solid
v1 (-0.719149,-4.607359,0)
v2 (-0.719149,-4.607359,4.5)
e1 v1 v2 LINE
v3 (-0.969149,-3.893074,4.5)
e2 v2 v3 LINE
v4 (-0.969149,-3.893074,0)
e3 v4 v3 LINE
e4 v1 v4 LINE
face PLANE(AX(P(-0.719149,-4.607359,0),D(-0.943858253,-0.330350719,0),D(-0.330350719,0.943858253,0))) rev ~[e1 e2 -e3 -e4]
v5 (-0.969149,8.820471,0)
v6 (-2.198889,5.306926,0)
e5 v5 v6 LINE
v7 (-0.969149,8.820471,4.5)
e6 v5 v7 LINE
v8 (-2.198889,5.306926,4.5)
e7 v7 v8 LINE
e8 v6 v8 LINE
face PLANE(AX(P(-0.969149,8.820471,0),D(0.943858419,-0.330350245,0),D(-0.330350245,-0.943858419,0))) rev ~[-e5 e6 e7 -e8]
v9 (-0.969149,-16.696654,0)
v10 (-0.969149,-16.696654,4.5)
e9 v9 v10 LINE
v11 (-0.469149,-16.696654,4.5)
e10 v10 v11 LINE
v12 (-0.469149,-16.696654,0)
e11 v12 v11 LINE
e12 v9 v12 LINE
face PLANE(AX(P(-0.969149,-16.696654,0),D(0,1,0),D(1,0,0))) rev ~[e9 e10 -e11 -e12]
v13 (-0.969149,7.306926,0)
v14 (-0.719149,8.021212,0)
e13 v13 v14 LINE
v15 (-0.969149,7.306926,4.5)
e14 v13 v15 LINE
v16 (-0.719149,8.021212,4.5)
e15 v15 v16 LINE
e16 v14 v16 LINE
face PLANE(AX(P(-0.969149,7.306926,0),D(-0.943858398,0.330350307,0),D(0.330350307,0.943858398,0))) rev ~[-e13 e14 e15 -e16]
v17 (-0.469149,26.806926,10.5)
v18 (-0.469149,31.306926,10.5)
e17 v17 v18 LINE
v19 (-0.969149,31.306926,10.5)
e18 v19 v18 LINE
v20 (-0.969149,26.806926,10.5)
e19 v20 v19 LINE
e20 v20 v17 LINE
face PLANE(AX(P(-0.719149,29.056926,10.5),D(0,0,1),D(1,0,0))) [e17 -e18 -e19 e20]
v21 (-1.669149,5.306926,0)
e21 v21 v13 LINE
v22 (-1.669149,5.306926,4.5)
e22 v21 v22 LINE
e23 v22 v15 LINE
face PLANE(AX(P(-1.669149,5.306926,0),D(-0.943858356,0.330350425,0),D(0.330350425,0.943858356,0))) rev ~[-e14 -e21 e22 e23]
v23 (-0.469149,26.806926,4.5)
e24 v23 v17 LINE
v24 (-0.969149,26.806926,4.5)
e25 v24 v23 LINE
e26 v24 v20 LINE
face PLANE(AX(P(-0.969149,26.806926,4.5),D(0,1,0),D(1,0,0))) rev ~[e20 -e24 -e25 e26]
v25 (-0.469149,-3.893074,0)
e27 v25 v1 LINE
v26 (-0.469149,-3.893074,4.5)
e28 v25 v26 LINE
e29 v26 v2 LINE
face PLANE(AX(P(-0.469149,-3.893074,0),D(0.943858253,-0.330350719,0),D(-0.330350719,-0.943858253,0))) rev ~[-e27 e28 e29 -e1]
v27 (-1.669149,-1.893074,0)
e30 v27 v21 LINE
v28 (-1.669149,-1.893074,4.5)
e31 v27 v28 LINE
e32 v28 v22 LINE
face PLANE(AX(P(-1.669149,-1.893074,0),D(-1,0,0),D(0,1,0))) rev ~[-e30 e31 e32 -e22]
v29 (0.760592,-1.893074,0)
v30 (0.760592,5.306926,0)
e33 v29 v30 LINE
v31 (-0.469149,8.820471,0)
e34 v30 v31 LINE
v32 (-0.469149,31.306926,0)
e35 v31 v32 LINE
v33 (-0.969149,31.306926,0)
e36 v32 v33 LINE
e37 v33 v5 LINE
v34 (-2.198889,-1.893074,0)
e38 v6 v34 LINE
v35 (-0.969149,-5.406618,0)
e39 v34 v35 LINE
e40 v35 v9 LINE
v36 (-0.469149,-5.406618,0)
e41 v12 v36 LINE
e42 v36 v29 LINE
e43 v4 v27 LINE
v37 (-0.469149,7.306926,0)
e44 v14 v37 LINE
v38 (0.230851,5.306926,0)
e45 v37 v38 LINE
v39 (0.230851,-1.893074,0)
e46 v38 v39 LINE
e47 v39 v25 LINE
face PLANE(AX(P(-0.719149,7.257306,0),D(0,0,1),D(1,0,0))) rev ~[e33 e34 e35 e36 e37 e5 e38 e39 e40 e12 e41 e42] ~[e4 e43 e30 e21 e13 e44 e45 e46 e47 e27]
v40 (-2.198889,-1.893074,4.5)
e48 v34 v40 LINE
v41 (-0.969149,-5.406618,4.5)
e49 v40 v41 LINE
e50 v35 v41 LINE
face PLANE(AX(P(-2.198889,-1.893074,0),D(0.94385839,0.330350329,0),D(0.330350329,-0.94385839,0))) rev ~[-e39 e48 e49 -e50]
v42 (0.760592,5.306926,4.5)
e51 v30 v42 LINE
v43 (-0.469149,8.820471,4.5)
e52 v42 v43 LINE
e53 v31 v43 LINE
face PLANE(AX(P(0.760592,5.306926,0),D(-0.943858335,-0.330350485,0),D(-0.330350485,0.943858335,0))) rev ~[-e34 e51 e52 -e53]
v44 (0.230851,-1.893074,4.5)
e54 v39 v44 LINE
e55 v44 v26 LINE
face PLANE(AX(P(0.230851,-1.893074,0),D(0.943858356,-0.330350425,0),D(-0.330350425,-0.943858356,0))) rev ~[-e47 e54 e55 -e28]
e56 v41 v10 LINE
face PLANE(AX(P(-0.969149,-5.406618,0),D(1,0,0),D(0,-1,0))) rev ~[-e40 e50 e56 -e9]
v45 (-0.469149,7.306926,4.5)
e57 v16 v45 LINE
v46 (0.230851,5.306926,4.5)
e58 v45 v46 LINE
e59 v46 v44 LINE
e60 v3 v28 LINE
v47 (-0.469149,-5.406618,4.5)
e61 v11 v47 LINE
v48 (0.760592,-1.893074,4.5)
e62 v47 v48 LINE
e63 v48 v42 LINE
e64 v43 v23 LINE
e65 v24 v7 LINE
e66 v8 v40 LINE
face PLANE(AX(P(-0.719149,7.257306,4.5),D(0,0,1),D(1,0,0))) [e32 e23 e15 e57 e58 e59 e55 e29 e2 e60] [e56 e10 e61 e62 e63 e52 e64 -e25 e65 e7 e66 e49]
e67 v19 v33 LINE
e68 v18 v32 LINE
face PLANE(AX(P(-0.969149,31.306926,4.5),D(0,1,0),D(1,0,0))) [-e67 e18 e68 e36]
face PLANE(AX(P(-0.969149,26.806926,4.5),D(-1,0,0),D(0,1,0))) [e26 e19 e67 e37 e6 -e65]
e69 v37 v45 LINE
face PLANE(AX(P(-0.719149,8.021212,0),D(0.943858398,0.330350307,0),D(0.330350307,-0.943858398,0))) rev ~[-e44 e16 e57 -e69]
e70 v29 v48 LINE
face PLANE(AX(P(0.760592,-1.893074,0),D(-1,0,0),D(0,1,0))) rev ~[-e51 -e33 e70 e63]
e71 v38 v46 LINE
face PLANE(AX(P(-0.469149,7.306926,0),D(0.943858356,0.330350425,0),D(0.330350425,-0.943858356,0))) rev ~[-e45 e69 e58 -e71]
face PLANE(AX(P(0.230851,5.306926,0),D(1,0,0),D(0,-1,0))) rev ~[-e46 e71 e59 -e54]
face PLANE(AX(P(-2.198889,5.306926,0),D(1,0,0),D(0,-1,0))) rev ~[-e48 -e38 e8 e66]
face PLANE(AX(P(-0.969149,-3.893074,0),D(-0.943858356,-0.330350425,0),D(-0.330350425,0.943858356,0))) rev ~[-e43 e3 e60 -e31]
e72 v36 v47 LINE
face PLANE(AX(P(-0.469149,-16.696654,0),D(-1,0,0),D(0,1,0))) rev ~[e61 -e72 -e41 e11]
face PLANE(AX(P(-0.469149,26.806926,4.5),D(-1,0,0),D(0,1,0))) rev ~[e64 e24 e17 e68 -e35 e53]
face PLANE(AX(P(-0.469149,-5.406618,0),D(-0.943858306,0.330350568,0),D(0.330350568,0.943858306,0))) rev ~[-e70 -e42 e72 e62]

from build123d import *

# Parameters (mm, degrees)
F1_DEPTH = 4.5
F2_W     = 0.5
F2_H     = 4.5
F3_DEPTH = 6


with BuildPart() as f1:
    # F0 (on Top) → F1 (new body)
    with BuildSketch(Plane.XY):
        Polygon((-0.469149, 31.306926), (-0.969149, 31.306926), (-0.969149, 8.820471), (-2.198889, 5.306926), (-2.198889, -1.893074), (-0.969149, -5.406618), (-0.969149, -16.696654), (-0.469149, -16.696654), (-0.469149, -5.406618), (0.760592, -1.893074), (0.760592, 5.306926), (-0.469149, 8.820471), align=None)
        Polygon((-1.669149, -1.893074), (-1.669149, 5.306926), (-0.969149, 7.306926), (-0.719149, 8.021212), (-0.469149, 7.306926), (0.230851, 5.306926), (0.230851, -1.893074), (-0.469149, -3.893074), (-0.719149, -4.607359), (-0.969149, -3.893074), align=None, mode=Mode.SUBTRACT)
    extrude(amount=F1_DEPTH)

    # F2 (on face) → F3 (join)
    with BuildSketch(Plane.XY.offset(4.5)):
        with Locations((-0.719149, 29.056926)):
            Rectangle(F2_W, F2_H)
    extrude(amount=F3_DEPTH)


solid = f1.part
